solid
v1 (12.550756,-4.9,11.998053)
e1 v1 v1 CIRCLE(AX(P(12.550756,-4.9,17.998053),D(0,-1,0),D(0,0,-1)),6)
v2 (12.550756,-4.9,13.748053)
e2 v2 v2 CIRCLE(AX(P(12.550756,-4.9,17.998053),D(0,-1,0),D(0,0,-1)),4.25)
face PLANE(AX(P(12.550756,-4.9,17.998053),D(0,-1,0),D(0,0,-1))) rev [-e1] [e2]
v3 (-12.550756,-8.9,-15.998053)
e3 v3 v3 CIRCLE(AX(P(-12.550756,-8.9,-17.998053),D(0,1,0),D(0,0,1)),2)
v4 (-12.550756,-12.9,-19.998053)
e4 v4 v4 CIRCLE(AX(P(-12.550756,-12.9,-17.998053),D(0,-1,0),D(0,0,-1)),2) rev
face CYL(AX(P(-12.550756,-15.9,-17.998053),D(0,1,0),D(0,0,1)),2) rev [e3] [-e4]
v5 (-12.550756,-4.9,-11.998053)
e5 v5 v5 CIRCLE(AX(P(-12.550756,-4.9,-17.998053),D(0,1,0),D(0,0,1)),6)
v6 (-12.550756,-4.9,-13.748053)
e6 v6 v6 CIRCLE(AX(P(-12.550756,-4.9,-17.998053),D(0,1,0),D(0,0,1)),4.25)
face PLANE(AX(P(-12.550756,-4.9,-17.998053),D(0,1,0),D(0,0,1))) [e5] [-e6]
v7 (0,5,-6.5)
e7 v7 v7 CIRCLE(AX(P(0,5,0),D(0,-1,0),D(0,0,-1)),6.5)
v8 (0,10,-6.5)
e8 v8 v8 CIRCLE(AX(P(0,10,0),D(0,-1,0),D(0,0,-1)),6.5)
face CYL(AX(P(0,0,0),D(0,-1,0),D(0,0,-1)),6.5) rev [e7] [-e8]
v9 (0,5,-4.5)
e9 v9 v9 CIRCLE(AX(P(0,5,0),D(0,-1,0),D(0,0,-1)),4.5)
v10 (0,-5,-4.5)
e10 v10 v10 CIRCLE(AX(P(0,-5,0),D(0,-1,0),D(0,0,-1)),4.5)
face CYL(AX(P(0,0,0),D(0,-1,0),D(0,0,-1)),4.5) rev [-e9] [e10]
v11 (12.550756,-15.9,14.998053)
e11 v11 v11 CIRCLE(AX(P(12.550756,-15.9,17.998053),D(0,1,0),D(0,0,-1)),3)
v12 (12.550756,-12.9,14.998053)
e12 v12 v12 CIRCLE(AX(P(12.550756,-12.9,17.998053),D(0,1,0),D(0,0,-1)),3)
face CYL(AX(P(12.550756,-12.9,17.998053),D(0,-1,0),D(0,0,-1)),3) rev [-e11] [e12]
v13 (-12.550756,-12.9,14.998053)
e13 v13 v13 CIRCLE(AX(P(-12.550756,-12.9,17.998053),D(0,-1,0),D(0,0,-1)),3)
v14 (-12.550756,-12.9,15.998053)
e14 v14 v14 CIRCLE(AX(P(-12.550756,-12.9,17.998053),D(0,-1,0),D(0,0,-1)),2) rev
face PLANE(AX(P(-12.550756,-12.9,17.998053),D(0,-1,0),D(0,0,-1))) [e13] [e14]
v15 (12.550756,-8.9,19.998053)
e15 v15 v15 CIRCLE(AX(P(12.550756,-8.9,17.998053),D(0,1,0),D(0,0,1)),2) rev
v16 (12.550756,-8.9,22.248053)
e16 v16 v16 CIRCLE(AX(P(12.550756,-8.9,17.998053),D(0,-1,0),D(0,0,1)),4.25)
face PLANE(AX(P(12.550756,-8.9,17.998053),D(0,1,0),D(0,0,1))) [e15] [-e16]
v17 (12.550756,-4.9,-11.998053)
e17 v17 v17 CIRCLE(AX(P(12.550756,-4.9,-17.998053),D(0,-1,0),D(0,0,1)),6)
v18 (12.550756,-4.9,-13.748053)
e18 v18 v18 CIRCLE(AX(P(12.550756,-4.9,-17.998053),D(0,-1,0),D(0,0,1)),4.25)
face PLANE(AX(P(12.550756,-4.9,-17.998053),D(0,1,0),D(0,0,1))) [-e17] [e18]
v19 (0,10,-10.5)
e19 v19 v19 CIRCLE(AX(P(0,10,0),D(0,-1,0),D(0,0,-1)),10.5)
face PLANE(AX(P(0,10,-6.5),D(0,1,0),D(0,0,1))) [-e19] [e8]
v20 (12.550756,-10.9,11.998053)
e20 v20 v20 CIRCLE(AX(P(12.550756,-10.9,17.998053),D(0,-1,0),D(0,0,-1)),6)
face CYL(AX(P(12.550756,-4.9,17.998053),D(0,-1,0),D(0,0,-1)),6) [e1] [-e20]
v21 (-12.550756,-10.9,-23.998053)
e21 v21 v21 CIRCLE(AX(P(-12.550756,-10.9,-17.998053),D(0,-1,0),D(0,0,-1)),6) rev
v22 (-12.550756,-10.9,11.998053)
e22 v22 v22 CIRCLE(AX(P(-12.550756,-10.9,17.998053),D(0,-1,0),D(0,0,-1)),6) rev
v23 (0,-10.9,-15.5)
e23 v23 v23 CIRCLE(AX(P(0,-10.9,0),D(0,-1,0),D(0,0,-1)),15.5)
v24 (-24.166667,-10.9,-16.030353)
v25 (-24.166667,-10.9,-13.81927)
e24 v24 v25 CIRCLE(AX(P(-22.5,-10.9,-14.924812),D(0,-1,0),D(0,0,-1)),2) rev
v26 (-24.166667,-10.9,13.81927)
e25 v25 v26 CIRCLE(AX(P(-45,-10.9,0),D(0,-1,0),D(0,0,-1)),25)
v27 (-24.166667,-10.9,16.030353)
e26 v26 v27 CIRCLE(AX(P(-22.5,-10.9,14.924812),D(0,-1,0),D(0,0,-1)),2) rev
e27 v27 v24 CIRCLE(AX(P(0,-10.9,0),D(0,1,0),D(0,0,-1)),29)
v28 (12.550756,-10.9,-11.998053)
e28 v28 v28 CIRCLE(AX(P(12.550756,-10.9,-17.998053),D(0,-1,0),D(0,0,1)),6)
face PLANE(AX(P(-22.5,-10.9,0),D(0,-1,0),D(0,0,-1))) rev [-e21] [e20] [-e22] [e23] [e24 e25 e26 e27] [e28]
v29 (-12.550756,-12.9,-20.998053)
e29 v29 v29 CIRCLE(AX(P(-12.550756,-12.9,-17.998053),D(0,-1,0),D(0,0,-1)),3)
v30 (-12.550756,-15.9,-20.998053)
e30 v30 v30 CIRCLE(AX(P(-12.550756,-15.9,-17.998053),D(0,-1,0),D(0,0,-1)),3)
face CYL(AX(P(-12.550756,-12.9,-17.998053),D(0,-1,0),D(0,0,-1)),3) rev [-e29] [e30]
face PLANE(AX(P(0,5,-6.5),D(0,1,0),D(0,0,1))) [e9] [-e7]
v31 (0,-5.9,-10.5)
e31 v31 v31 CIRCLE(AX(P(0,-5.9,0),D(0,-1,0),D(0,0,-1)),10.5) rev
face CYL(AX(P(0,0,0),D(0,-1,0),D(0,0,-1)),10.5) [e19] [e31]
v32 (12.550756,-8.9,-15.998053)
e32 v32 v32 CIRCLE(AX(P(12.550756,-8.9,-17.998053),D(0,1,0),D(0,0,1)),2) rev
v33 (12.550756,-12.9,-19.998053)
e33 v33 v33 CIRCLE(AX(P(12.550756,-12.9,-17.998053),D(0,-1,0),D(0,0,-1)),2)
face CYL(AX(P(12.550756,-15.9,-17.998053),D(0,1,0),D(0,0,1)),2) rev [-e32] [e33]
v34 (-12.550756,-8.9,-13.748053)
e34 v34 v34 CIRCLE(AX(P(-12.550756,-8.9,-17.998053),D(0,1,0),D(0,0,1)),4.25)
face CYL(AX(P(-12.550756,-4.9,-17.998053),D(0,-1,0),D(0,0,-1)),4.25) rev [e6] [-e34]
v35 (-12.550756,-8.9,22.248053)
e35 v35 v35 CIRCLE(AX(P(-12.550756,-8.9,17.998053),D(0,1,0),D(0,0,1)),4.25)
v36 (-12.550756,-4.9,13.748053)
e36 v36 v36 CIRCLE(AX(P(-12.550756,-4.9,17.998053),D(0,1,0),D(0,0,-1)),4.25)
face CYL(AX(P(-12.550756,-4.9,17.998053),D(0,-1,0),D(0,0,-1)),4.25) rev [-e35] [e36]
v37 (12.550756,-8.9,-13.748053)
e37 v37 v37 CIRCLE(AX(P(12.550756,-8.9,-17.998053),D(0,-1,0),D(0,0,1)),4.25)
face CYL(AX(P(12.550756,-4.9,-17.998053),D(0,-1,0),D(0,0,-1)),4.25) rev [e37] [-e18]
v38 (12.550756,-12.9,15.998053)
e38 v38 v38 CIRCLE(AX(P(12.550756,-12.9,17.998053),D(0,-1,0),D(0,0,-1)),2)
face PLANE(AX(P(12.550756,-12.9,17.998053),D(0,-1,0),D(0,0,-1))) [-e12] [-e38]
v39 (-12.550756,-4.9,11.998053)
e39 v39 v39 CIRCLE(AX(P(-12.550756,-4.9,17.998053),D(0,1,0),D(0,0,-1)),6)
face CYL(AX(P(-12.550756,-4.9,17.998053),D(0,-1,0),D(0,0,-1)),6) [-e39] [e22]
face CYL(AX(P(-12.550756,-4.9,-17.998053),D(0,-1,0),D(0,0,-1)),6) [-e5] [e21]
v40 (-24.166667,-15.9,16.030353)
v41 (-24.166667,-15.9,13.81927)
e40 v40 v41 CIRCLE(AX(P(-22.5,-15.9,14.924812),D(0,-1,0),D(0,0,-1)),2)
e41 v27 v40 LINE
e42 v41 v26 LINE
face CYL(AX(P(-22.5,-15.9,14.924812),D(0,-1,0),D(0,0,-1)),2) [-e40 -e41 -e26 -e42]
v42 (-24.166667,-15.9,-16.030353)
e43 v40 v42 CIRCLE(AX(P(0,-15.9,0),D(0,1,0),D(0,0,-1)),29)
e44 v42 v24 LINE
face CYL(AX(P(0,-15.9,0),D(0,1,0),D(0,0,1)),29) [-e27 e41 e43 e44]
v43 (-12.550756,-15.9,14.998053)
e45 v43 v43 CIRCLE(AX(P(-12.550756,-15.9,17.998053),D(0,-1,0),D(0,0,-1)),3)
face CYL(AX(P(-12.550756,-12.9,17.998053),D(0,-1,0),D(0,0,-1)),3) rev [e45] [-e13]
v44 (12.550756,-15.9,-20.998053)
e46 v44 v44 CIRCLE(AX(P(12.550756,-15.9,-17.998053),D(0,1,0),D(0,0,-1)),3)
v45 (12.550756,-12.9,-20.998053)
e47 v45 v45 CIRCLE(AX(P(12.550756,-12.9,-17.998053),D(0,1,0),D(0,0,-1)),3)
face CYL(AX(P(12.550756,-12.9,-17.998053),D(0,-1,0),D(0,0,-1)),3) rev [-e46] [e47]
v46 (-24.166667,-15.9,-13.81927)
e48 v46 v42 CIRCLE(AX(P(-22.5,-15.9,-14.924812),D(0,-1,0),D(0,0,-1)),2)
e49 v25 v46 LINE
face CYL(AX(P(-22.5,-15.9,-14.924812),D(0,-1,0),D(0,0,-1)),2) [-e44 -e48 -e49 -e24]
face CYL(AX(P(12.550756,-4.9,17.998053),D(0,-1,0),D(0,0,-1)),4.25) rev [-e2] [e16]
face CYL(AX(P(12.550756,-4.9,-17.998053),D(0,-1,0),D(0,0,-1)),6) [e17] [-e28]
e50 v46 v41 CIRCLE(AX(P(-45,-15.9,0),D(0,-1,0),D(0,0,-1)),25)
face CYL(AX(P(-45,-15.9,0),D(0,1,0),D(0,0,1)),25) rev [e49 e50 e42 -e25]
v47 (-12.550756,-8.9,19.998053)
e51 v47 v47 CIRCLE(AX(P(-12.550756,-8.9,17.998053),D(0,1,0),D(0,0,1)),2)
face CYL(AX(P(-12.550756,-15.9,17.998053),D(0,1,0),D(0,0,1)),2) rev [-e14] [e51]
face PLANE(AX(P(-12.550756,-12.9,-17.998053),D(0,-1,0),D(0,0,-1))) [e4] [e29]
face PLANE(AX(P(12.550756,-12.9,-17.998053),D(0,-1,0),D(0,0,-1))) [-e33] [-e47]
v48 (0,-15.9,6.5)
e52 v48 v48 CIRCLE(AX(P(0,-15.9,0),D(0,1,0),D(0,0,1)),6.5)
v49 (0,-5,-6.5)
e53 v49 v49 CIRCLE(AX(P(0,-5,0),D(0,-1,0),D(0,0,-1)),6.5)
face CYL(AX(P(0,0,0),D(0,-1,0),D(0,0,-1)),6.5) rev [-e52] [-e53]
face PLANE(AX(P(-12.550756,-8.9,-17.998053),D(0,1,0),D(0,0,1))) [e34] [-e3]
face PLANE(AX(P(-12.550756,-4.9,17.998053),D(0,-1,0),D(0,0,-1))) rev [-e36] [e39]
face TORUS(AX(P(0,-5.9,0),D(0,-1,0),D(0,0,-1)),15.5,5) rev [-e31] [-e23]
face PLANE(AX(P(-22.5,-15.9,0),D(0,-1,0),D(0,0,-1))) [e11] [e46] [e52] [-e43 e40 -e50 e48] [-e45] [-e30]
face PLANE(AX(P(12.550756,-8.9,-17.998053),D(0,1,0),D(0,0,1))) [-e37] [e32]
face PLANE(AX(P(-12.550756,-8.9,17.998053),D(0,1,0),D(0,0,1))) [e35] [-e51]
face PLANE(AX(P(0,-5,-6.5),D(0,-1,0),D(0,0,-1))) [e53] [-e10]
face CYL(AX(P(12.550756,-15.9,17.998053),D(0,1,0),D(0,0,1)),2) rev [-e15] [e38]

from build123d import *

# Parameters (mm, degrees)
ESQUISSE3_R             = 6.5
BOSS_EXTRU_1_DEPTH      = 5
CONG_1_R                = 5
ESQUISSE5_R             = 6
ESQUISSE5_R_2           = 4.25
BOSS_EXTRU_3_DEPTH      = 6
ESQUISSE8_R             = 4.25
BOSS_EXTRU_4_DEPTH      = 2
ESQUISSE6_R             = 2
ENL_V_MAT_EXTRU_1_DEPTH = 47.030533345
ESQUISSE7_R             = 3
ENL_V_MAT_EXTRU_2_DEPTH = 3
CONG_2_R                = 2


with BuildPart() as part:
    # Esquisse2 → Révolution1 (revolve)
    with BuildSketch(Plane(origin=(0, 0, 0), x_dir=(0, 0, -1), z_dir=(1, 0, 0))):
        Polygon((6.5, 5), (6.5, 10), (10.5, 10), (10.5, -10.9), (6.5, -10.9), (6.5, -5), (4.5, -5), (4.5, 0), (4.5, 5), align=None)
    revolve(axis=Axis((0, 0, 0), (0, 1, 0)))

    # Esquisse3 → Boss.-Extru.1 (add)
    with BuildSketch(Plane(origin=(0, -10.9, 0), x_dir=(1, 0, 0), z_dir=(0, 1, 0))):
        with BuildLine():
            ThreePointArc((-24.9, 14.865732407), (-20, 0), (-24.9, -14.865732407))
            ThreePointArc((-24.9, -14.865732407), (29, 0), (-24.9, 14.865732407))
        make_face()
        with Locations(Location((0, 0, 0), (0, 0, 90))):
            Circle(ESQUISSE3_R, mode=Mode.SUBTRACT)
    extrude(amount=-BOSS_EXTRU_1_DEPTH)

    # Congé1
    cong_1_edges = [part.edges().sort_by_distance(p)[0] for p in [
        (0, -10.9, 10.5),
    ]]
    fillet(cong_1_edges, radius=CONG_1_R)

    # Esquisse5 → Boss.-Extru.3 (add)
    # profile 1 of 2: a face of its own
    with BuildSketch(Plane(origin=(0, -10.9, 0), x_dir=(1, 0, 0), z_dir=(0, 1, 0))):
        with Locations(Location((-12.550755593, 17.998053071, 0), (0, 0, 90))):
            Circle(ESQUISSE5_R)
        with Locations(Location((-12.550755593, 17.998053071, 0), (0, 0, 270))):
            Circle(ESQUISSE5_R_2, mode=Mode.SUBTRACT)
    # profile 2 of 2: a face of its own
    with BuildSketch(Plane(origin=(0, -10.9, 0), x_dir=(1, 0, 0), z_dir=(0, 1, 0))):
        with Locations(Location((-12.550755593, -17.998053071, 0), (0, 0, 90))):
            Circle(ESQUISSE5_R)
        with Locations(Location((-12.550755593, -17.998053071, 0), (0, 0, 90))):
            Circle(ESQUISSE5_R_2, mode=Mode.SUBTRACT)
    boss_extru_3 = extrude(amount=BOSS_EXTRU_3_DEPTH)

    # Esquisse8 → Boss.-Extru.4 (add)
    with BuildSketch(Plane(origin=(0, -10.9, 0), x_dir=(1, 0, 0), z_dir=(0, 1, 0))):
        with Locations(Location((-12.550755593, -17.998053071, 0), (0, 0, 90))):
            Circle(ESQUISSE8_R)
        with Locations(Location((-12.550755593, 17.998053071, 0), (0, 0, 270))):
            Circle(ESQUISSE8_R)
    boss_extru_4 = extrude(amount=BOSS_EXTRU_4_DEPTH)

    # Esquisse6 → Enlèv. mat.-Extru.1 (cut, symmetric)
    with BuildSketch(Plane(origin=(0, -10.9, 0), x_dir=(1, 0, 0), z_dir=(0, 1, 0))):
        with Locations(Location((-12.550755593, -17.998053071, 0), (0, 0, 270))):
            Circle(ESQUISSE6_R)
        with Locations(Location((-12.550755593, 17.998053071, 0), (0, 0, 270))):
            Circle(ESQUISSE6_R)
    enl_v_mat_extru_1 = extrude(amount=ENL_V_MAT_EXTRU_1_DEPTH, both=True, mode=Mode.SUBTRACT)

    # Esquisse7 → Enlèv. mat.-Extru.2 (cut)
    with BuildSketch(Plane.XZ.offset(15.9)):
        with Locations(Location((-12.550755593, 17.998053071, 0), (0, 0, 270))):
            Circle(ESQUISSE7_R)
        with Locations(Location((-12.550755593, -17.998053071, 0), (0, 0, 270))):
            Circle(ESQUISSE7_R)
    enl_v_mat_extru_2 = extrude(amount=-ENL_V_MAT_EXTRU_2_DEPTH, mode=Mode.SUBTRACT)

    # Congé2
    cong_2_edges = [part.edges().sort_by_distance(p)[0] for p in [
        (-24.9, -13.4, -14.865732407),
        (-24.9, -13.4, 14.865732407),
    ]]
    fillet(cong_2_edges, radius=CONG_2_R)

    # Symétrie1: Boss.-Extru.3, Boss.-Extru.4, Enlèv. mat.-Extru.1, Enlèv. mat.-Extru.2 across plane
    add(boss_extru_3.mirror(Plane(origin=(0, 0, 0), x_dir=(0, 0, 1), z_dir=(1, 0, 0))))
    add(boss_extru_4.mirror(Plane(origin=(0, 0, 0), x_dir=(0, 0, 1), z_dir=(1, 0, 0))))
    add(enl_v_mat_extru_1.mirror(Plane(origin=(0, 0, 0), x_dir=(0, 0, 1), z_dir=(1, 0, 0))), mode=Mode.SUBTRACT)
    add(enl_v_mat_extru_2.mirror(Plane(origin=(0, 0, 0), x_dir=(0, 0, 1), z_dir=(1, 0, 0))), mode=Mode.SUBTRACT)


solid = part.part
